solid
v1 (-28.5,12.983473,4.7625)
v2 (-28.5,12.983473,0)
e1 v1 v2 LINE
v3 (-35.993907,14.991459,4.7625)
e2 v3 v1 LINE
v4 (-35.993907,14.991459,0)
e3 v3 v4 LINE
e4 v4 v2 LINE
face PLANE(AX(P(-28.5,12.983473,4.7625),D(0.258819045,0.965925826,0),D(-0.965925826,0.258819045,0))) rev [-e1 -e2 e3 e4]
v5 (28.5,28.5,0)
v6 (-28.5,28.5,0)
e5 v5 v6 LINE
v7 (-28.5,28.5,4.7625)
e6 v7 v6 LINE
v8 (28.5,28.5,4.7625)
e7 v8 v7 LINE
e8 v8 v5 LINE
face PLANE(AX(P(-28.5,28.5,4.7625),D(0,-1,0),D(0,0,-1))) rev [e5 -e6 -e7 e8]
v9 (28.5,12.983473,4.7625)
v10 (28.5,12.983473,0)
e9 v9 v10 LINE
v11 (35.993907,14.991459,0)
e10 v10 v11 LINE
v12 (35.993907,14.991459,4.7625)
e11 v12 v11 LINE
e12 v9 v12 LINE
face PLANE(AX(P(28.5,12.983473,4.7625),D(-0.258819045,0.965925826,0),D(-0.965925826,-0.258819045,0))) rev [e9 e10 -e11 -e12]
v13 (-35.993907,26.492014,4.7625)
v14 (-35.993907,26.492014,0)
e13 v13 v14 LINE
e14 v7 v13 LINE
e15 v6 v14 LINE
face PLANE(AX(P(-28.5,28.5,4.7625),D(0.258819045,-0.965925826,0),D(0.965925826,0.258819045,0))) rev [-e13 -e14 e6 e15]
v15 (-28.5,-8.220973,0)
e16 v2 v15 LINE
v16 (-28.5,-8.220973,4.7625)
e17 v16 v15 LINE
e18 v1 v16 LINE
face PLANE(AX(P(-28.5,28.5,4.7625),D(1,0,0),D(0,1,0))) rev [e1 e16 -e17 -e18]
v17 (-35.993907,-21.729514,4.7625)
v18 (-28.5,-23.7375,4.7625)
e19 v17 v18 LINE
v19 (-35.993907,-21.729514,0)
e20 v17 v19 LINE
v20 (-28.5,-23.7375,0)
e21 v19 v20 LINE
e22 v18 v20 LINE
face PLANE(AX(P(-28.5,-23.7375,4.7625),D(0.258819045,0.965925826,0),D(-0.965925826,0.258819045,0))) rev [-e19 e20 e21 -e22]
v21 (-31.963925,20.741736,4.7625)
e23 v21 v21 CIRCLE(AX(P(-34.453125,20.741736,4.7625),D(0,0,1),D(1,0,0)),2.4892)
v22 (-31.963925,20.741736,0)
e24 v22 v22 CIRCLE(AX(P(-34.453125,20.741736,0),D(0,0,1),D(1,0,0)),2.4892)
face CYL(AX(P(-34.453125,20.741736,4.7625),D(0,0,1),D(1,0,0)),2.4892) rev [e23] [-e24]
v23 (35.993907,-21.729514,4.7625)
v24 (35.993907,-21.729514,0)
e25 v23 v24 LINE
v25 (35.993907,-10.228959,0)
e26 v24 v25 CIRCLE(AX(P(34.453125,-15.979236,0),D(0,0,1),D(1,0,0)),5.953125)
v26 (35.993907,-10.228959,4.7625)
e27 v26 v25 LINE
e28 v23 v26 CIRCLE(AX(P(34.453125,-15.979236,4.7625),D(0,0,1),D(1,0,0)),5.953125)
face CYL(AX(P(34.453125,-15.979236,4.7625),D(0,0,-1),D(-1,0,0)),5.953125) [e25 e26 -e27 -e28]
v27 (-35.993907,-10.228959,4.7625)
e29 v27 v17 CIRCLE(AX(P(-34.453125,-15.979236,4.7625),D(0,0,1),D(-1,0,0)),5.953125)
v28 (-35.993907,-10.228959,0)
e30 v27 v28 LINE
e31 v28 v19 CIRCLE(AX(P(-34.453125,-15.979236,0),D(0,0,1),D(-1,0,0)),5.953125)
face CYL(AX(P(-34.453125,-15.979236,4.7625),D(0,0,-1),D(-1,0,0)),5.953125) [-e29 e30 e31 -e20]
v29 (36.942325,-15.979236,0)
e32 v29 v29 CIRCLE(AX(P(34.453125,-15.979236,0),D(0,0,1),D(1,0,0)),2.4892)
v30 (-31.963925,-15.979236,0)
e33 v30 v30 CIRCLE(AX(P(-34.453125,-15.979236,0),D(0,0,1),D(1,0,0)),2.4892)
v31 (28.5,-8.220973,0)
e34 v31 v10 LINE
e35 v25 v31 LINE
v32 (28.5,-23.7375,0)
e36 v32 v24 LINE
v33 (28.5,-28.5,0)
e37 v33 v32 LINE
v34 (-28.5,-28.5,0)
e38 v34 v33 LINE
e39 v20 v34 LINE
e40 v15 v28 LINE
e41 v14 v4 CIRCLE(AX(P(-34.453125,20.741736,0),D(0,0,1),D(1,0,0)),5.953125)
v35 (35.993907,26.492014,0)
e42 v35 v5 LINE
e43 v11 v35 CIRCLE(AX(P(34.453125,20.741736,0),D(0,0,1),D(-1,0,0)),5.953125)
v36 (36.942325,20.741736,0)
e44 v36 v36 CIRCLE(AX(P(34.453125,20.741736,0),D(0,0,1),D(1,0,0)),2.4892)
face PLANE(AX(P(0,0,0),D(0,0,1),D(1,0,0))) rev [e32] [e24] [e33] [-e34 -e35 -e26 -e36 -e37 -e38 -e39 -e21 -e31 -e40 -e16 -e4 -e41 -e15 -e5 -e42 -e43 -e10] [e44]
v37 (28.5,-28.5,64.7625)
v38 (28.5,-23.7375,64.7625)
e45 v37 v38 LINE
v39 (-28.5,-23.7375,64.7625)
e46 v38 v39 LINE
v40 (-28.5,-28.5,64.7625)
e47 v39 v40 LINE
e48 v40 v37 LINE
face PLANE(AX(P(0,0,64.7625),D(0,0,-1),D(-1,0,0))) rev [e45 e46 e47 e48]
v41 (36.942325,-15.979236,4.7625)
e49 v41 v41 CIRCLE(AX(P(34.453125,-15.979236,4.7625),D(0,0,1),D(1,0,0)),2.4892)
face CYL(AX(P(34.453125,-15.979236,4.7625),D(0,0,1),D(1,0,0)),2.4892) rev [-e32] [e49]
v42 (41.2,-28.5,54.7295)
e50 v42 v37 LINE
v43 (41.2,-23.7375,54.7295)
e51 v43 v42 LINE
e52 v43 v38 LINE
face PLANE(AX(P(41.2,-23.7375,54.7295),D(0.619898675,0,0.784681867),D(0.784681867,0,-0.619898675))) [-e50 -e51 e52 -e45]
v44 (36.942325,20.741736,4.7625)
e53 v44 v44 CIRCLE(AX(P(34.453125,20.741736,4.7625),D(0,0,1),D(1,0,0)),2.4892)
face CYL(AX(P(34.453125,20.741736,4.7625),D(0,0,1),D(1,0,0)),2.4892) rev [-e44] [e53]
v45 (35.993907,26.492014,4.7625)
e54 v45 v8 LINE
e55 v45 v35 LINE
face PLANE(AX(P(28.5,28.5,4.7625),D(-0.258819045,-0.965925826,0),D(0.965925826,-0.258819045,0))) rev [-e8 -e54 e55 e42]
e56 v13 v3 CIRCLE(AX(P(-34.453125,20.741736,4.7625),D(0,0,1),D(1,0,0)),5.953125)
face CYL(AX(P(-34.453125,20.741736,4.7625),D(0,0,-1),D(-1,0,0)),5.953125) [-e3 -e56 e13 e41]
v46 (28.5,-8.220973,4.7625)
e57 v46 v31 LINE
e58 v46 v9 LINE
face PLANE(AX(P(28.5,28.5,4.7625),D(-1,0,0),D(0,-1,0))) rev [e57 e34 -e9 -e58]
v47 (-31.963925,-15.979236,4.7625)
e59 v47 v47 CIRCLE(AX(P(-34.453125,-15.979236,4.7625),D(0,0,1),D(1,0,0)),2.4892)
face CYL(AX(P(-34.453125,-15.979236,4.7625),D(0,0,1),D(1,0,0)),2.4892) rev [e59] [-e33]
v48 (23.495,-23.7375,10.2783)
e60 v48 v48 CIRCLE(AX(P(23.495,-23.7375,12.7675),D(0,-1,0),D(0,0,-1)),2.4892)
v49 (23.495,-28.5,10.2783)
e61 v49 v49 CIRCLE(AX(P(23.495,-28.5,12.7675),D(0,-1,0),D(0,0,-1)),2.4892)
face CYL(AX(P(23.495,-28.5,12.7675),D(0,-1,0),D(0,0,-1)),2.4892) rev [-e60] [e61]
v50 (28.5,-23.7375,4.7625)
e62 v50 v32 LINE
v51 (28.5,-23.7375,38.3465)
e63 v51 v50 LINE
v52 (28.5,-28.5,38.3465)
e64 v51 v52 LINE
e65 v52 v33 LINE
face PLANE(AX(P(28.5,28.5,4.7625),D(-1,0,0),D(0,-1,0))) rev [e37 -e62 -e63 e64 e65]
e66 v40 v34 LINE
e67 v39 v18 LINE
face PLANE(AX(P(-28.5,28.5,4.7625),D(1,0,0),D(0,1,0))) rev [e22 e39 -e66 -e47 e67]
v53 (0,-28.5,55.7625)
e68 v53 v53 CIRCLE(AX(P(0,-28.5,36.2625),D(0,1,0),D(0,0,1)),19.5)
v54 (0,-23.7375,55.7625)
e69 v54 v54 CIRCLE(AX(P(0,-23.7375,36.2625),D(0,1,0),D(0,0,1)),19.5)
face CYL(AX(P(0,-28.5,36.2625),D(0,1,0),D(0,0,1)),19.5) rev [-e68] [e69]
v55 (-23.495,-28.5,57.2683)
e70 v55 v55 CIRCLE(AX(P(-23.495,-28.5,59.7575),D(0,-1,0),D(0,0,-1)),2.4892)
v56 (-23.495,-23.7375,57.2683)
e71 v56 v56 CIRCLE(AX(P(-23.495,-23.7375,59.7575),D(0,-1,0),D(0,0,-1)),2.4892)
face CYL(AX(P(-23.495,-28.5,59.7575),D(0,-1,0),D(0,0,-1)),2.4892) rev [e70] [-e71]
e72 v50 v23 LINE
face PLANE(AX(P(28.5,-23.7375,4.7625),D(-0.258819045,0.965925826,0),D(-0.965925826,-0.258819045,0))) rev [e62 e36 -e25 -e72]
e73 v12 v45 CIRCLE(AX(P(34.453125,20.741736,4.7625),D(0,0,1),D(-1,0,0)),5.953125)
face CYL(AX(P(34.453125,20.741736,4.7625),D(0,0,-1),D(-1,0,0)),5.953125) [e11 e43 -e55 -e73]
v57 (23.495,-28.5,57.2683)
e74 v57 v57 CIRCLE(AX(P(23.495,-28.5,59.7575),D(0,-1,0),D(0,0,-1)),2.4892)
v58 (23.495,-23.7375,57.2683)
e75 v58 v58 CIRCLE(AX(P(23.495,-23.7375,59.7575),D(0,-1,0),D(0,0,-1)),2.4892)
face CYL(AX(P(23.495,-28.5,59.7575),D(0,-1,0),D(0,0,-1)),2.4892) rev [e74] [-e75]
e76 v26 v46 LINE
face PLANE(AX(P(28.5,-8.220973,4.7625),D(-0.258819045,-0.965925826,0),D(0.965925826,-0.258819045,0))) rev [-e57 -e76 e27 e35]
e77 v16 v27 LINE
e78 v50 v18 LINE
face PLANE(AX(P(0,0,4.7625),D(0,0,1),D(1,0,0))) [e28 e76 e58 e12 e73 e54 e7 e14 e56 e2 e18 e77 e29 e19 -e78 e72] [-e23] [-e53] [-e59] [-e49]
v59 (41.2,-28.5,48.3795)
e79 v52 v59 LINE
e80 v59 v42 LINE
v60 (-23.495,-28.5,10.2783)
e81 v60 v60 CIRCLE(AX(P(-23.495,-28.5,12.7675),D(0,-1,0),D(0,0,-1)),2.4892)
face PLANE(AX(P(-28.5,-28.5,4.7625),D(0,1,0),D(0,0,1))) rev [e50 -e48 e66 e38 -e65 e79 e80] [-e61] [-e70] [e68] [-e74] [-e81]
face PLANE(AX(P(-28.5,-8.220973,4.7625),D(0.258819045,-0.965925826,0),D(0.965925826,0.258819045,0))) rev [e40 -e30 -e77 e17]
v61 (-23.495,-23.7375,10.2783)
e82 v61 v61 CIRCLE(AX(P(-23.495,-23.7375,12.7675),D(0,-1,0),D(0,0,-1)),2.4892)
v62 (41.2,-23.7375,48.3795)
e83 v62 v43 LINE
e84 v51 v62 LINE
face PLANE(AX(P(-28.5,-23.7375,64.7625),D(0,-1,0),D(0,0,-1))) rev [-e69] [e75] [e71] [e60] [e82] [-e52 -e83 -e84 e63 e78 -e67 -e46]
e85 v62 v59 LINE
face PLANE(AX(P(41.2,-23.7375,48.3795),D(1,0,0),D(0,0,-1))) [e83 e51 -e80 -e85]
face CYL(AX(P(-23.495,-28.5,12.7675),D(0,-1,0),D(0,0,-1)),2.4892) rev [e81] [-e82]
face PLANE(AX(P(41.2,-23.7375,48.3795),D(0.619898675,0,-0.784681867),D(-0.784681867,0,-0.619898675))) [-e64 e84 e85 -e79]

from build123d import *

# Parameters (mm, degrees)
SKETCH1_W              = 57
SKETCH1_H              = 57
BOSS_EXTRUDE1_DEPTH    = 4.7625
SKETCH2_W              = 57
SKETCH2_H              = 4.7625
BOSS_EXTRUDE2_DEPTH    = 60
SKETCH3_R              = 19.5
CUT_EXTRUDE1_DEPTH     = 5.7625
F_10_CLEARANCE_HOLE1_D = 4.9784
BOSS_EXTRUDE3_DEPTH    = 4.7625
F_10_CLEARANCE_HOLE2_D = 4.9784
BOSS_EXTRUDE4_DEPTH    = 4.7625


with BuildPart() as part:
    # Sketch1 → Boss-Extrude1 (new body)
    with BuildSketch(Plane.XY):
        Rectangle(SKETCH1_W, SKETCH1_H)
    extrude(amount=BOSS_EXTRUDE1_DEPTH)

    # Sketch2 → Boss-Extrude2 (add)
    with BuildSketch(Plane.XY.offset(4.7625)):
        with Locations((0, -26.11875)):
            Rectangle(SKETCH2_W, SKETCH2_H)
    extrude(amount=BOSS_EXTRUDE2_DEPTH)

    # Sketch3 → Cut-Extrude1 (cut, through all)
    with BuildSketch(Plane(origin=(0, -23.7375, 0), x_dir=(1, 0, 0), z_dir=(0, 1, 0))):
        with Locations((0, -36.2625)):
            Circle(SKETCH3_R)
    extrude(amount=-CUT_EXTRUDE1_DEPTH, mode=Mode.SUBTRACT)

    # #10 Clearance Hole1 (through all)
    with Locations(Plane(origin=(0, -28.5, 0), x_dir=(-1, 0, 0), z_dir=(0, -1, 0))):
        with Locations((0, -36.2625), (-23.495, -12.7675), (23.495, -59.7575), (23.495, -12.7675), (-23.495, -59.7575)):
            Hole(F_10_CLEARANCE_HOLE1_D / 2)

    # Sketch7 → Boss-Extrude3 (add)
    with BuildSketch(Plane.XY):
        with BuildLine():
            Line((28.5, -23.7375), (35.993907128, -21.729513637))
            ThreePointArc((35.993907128, -21.729513637), (40.40625, -15.979236452), (35.993907128, -10.228959268))
            Line((35.993907128, -10.228959268), (28.5, -8.220972905))
            Line((28.5, -8.220972905), (28.5, -23.7375))
        make_face()
        with BuildLine():
            Line((28.5, 12.983472905), (35.993907128, 14.991459268))
            ThreePointArc((35.993907128, 14.991459268), (40.40625, 20.741736452), (35.993907128, 26.492013637))
            Line((35.993907128, 26.492013637), (28.5, 28.5))
            Line((28.5, 28.5), (28.5, 12.983472905))
        make_face()
        with BuildLine():
            Line((-28.5, 28.5), (-28.5, 12.983472905))
            Line((-28.5, 12.983472905), (-35.993907128, 14.991459268))
            ThreePointArc((-35.993907128, 14.991459268), (-40.40625, 20.741736452), (-35.993907128, 26.492013637))
            Line((-35.993907128, 26.492013637), (-28.5, 28.5))
        make_face()
        with BuildLine():
            Line((-28.5, -23.7375), (-35.993907128, -21.729513637))
            ThreePointArc((-35.993907128, -21.729513637), (-40.40625, -15.979236452), (-35.993907128, -10.228959268))
            Line((-35.993907128, -10.228959268), (-28.5, -8.220972905))
            Line((-28.5, -8.220972905), (-28.5, -23.7375))
        make_face()
    extrude(amount=BOSS_EXTRUDE3_DEPTH)

    # #10 Clearance Hole2 (through all)
    with Locations(Plane.XY.offset(4.7625)):
        with Locations((34.453125, -15.979236452), (34.453125, 20.741736452), (-34.453125, 20.741736452), (-34.453125, -15.979236452)):
            Hole(F_10_CLEARANCE_HOLE2_D / 2)

    # Sketch10 → Boss-Extrude4 (add)
    with BuildSketch(Plane.XZ.offset(28.5)):
        Polygon((41.2, 48.3795), (41.2, 54.7295), (28.5, 64.7625), (28.5, 38.3465), align=None)
    extrude(amount=-BOSS_EXTRUDE4_DEPTH)


solid = part.part
